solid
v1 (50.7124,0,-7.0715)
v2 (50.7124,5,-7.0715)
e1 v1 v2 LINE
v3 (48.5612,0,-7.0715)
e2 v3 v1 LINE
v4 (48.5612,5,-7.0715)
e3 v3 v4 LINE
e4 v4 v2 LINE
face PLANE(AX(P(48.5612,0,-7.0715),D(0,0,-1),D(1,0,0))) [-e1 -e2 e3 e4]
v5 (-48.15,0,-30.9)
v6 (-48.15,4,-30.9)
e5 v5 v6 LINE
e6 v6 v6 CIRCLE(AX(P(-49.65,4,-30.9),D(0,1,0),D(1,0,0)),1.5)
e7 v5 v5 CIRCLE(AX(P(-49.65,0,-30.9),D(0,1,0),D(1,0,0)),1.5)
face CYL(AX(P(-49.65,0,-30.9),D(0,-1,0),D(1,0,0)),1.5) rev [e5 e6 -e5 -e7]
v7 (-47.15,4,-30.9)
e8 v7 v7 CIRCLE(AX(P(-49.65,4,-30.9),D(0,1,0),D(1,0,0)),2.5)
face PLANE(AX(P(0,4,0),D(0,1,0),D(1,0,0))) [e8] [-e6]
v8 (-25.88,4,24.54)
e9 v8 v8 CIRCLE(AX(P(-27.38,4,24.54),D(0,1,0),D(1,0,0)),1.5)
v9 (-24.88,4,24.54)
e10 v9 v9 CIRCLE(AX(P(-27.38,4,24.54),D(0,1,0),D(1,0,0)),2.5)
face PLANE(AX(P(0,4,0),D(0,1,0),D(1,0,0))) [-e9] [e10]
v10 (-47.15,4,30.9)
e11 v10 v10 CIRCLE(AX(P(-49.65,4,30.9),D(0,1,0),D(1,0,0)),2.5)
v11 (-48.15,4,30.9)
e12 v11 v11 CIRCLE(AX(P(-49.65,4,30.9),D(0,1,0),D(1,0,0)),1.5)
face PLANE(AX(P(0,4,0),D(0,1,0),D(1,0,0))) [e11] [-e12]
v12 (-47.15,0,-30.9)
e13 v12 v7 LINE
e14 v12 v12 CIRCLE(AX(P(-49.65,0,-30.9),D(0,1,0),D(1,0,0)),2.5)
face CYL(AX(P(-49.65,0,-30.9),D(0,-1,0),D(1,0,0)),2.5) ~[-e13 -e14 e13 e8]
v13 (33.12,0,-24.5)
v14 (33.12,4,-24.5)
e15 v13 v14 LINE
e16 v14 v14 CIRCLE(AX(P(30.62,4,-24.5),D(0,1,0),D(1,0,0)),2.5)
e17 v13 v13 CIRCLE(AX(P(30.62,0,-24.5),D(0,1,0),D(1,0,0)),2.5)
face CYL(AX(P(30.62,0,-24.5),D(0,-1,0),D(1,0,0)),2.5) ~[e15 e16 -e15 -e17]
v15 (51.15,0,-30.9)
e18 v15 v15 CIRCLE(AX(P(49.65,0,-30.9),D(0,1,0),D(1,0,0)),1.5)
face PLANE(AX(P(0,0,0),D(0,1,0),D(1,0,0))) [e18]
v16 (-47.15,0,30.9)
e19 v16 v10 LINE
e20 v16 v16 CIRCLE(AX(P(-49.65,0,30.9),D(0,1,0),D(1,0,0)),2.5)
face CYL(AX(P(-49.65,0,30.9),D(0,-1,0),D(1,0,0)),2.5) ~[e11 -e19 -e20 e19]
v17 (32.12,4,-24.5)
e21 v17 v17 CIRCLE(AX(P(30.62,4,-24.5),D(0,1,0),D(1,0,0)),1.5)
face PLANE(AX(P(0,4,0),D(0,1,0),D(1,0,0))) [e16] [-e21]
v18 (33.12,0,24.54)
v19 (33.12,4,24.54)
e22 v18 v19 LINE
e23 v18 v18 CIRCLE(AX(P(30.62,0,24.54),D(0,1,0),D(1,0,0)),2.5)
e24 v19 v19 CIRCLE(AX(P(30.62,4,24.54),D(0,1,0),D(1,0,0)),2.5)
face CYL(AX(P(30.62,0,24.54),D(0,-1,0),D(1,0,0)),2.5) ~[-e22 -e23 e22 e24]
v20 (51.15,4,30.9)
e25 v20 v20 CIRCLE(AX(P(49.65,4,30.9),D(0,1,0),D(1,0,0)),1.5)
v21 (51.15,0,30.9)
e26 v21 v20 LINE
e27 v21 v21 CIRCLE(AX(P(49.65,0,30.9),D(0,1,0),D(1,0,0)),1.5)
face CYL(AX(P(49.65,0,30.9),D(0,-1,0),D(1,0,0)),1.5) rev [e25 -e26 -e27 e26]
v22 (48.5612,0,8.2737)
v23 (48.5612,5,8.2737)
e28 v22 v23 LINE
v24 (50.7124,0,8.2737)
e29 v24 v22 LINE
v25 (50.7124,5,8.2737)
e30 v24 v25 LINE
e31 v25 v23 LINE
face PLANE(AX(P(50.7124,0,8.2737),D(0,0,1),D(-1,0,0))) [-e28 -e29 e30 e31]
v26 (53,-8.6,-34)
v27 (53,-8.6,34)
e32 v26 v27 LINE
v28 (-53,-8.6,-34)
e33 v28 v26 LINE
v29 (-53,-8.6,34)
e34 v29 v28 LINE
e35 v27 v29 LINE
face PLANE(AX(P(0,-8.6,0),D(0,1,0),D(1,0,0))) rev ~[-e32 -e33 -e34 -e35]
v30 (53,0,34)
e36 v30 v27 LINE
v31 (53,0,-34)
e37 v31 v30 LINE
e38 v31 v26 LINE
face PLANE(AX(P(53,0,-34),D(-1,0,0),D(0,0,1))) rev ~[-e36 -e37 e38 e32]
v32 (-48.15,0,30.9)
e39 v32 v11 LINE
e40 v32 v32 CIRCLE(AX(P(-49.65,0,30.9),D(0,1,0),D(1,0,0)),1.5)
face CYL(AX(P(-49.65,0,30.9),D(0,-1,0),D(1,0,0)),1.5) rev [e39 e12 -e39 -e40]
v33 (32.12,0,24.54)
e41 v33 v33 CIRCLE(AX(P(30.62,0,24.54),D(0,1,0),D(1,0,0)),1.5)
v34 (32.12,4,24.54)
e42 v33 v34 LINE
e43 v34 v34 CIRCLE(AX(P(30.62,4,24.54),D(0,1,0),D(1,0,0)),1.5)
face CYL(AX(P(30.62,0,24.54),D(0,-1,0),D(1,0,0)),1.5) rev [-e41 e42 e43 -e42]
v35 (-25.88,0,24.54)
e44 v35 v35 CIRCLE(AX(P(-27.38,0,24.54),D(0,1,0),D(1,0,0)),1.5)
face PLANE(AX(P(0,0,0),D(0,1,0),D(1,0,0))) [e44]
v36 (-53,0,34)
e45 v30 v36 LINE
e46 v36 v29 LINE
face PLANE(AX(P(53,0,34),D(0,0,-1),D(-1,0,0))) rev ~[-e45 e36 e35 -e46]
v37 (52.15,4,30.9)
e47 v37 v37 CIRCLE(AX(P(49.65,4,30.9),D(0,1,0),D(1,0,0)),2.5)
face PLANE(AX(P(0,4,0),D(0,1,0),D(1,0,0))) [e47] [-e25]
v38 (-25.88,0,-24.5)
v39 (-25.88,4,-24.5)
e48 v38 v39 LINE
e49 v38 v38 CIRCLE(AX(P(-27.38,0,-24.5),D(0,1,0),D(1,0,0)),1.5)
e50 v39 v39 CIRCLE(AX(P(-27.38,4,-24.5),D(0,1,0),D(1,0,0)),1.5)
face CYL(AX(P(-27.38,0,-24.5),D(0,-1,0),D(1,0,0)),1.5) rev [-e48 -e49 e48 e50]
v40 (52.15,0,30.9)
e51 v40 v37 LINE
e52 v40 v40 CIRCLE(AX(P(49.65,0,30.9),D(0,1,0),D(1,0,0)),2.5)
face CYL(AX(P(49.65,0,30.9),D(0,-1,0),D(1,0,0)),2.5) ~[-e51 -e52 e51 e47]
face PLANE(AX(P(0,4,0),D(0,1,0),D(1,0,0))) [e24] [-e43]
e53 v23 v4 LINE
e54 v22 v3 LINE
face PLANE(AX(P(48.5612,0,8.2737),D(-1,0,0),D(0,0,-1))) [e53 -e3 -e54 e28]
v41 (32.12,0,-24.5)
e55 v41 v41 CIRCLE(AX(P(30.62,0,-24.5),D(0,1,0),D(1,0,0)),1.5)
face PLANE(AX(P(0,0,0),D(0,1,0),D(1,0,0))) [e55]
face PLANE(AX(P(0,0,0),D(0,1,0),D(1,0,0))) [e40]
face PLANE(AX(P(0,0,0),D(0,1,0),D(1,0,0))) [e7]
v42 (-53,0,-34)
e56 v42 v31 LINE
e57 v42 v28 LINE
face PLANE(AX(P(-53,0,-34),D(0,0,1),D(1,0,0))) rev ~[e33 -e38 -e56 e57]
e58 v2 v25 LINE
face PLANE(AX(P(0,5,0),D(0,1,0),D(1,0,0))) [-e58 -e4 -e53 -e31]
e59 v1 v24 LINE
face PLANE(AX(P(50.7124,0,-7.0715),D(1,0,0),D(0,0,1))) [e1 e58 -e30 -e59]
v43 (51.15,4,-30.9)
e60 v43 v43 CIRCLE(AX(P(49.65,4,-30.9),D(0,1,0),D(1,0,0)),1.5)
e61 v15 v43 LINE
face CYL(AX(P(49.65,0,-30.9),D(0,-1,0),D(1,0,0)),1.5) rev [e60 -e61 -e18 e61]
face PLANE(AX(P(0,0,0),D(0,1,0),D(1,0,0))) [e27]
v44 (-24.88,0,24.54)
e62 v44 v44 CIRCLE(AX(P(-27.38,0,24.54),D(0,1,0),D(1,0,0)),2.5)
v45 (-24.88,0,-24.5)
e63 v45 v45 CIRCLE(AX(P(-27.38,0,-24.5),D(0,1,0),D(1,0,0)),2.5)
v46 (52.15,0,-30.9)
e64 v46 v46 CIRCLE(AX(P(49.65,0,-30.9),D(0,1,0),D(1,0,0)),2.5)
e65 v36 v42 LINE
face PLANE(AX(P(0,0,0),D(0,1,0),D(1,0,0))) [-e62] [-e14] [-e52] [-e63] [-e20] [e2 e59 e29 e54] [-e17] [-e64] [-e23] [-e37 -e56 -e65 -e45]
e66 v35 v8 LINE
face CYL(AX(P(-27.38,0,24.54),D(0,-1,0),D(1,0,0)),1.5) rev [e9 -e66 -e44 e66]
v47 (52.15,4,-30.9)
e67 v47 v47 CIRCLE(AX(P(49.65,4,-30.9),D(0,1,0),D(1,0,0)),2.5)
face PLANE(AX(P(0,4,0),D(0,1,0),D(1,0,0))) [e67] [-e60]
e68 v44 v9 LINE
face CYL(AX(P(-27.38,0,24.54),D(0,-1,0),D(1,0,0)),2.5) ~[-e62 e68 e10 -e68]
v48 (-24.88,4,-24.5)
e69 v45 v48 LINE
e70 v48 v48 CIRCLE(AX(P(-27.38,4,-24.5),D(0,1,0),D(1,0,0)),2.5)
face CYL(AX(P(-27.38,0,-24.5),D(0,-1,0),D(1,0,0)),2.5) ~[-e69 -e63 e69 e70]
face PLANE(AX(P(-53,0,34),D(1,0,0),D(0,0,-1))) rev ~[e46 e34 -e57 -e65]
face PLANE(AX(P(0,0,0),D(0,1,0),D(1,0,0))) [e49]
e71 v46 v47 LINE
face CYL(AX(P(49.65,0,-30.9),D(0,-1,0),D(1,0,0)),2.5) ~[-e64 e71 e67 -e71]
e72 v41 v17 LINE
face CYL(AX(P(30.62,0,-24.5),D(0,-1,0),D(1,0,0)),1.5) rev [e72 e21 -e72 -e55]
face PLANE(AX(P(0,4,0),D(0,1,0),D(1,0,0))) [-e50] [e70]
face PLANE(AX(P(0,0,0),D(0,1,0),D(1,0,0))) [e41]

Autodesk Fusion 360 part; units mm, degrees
sketch "lcd" plane through (0, 0, 0) normal (0, 1, 0) x (1, 0, 0)
  line L0 (53, -34) -> (-53, -34)
  line L1 (-53, -34) -> (-53, 34)
  line L2 (-53, 34) -> (53, 34)
  line L3 (53, 34) -> (53, -34)
  line L4 (53, -34) -> (-53, 34) construction
  line L5 (-53, -34) -> (53, 34) construction
  line L6 (49.65, -30.9) -> (-49.65, -30.9) construction
  line L7 (-49.65, -30.9) -> (-49.65, 30.9) construction
  line L8 (-49.65, 30.9) -> (49.65, 30.9) construction
  line L9 (49.65, 30.9) -> (49.65, -30.9) construction
  line L10 (49.65, -30.9) -> (-49.65, 30.9) construction
  line L11 (-49.65, -30.9) -> (49.65, 30.9) construction
  circle A0 centre (-49.65, 30.9) radius 1.5
  circle A1 centre (-49.65, 30.9) radius 2.5
  circle A2 centre (-49.65, -30.9) radius 2.5
  circle A3 centre (-49.65, -30.9) radius 1.5
  circle A4 centre (49.65, -30.9) radius 2.5
  circle A5 centre (49.65, -30.9) radius 1.5
  circle A6 centre (49.65, 30.9) radius 2.5
  circle A7 centre (49.65, 30.9) radius 1.5
  circle A8 centre (-27.38, -24.54) radius 2.5
  circle A9 centre (-27.38, -24.54) radius 1.5
  circle A10 centre (30.62, -24.54) radius 1.5
  circle A11 centre (30.62, -24.54) radius 2.5
  circle A12 centre (-27.38, 24.5) radius 1.5
  circle A13 centre (-27.38, 24.5) radius 2.5
  circle A14 centre (30.62, 24.5) radius 2.5
  circle A15 centre (30.62, 24.5) radius 1.5
  line L12 (48.5612, 7.0715) -> (50.7124, 7.0715)
  line L13 (50.7124, 7.0715) -> (50.7124, -8.2737)
  line L14 (50.7124, -8.2737) -> (48.5612, -8.2737)
  line L15 (48.5612, -8.2737) -> (48.5612, 7.0715)
  dimension "d1" = 106
  dimension "d2" = 68
  dimension "d3" = 99.3
  dimension "d4" = 61.8
  dimension "d5" = 3
  dimension "d6" = 5
  dimension "d7" = 3
  dimension "d8" = 5
  dimension "d9" = 3
  dimension "d10" = 5
  dimension "d11" = 3
  dimension "d12" = 5
  dimension "d13" = 3
  dimension "d14" = 5
  dimension "d15" = 9.46
  dimension "d16" = 25.62
  dimension "d17" = 3
  dimension "d18" = 5
  dimension "d19" = 22.38
  dimension "d20" = 3
  dimension "d21" = 5
  dimension "d22" = 3
  dimension "d23" = 5
  dimension "d24" = 9.5
  dimension "d25" = 9.5
extrude "Extrude1" add sketch "lcd" against normal blind 8.6 contours L0 L1 L2 L3 | A0 | A1 | A2 | A3 | A4 | A5 | A6 | A7 | A8 | A9 | A10 | A11 | A12 | A13 | A14 | A15 | L12 L13 L14 L15
extrude "Extrude2" add sketch "lcd" along normal blind 4 contours A1 | A2 | A4 | A6 | A8 | A11 | A13 | A14
extrude "Extrude3" add sketch "lcd" along normal blind 5 contours L12 L13 L14 L15
